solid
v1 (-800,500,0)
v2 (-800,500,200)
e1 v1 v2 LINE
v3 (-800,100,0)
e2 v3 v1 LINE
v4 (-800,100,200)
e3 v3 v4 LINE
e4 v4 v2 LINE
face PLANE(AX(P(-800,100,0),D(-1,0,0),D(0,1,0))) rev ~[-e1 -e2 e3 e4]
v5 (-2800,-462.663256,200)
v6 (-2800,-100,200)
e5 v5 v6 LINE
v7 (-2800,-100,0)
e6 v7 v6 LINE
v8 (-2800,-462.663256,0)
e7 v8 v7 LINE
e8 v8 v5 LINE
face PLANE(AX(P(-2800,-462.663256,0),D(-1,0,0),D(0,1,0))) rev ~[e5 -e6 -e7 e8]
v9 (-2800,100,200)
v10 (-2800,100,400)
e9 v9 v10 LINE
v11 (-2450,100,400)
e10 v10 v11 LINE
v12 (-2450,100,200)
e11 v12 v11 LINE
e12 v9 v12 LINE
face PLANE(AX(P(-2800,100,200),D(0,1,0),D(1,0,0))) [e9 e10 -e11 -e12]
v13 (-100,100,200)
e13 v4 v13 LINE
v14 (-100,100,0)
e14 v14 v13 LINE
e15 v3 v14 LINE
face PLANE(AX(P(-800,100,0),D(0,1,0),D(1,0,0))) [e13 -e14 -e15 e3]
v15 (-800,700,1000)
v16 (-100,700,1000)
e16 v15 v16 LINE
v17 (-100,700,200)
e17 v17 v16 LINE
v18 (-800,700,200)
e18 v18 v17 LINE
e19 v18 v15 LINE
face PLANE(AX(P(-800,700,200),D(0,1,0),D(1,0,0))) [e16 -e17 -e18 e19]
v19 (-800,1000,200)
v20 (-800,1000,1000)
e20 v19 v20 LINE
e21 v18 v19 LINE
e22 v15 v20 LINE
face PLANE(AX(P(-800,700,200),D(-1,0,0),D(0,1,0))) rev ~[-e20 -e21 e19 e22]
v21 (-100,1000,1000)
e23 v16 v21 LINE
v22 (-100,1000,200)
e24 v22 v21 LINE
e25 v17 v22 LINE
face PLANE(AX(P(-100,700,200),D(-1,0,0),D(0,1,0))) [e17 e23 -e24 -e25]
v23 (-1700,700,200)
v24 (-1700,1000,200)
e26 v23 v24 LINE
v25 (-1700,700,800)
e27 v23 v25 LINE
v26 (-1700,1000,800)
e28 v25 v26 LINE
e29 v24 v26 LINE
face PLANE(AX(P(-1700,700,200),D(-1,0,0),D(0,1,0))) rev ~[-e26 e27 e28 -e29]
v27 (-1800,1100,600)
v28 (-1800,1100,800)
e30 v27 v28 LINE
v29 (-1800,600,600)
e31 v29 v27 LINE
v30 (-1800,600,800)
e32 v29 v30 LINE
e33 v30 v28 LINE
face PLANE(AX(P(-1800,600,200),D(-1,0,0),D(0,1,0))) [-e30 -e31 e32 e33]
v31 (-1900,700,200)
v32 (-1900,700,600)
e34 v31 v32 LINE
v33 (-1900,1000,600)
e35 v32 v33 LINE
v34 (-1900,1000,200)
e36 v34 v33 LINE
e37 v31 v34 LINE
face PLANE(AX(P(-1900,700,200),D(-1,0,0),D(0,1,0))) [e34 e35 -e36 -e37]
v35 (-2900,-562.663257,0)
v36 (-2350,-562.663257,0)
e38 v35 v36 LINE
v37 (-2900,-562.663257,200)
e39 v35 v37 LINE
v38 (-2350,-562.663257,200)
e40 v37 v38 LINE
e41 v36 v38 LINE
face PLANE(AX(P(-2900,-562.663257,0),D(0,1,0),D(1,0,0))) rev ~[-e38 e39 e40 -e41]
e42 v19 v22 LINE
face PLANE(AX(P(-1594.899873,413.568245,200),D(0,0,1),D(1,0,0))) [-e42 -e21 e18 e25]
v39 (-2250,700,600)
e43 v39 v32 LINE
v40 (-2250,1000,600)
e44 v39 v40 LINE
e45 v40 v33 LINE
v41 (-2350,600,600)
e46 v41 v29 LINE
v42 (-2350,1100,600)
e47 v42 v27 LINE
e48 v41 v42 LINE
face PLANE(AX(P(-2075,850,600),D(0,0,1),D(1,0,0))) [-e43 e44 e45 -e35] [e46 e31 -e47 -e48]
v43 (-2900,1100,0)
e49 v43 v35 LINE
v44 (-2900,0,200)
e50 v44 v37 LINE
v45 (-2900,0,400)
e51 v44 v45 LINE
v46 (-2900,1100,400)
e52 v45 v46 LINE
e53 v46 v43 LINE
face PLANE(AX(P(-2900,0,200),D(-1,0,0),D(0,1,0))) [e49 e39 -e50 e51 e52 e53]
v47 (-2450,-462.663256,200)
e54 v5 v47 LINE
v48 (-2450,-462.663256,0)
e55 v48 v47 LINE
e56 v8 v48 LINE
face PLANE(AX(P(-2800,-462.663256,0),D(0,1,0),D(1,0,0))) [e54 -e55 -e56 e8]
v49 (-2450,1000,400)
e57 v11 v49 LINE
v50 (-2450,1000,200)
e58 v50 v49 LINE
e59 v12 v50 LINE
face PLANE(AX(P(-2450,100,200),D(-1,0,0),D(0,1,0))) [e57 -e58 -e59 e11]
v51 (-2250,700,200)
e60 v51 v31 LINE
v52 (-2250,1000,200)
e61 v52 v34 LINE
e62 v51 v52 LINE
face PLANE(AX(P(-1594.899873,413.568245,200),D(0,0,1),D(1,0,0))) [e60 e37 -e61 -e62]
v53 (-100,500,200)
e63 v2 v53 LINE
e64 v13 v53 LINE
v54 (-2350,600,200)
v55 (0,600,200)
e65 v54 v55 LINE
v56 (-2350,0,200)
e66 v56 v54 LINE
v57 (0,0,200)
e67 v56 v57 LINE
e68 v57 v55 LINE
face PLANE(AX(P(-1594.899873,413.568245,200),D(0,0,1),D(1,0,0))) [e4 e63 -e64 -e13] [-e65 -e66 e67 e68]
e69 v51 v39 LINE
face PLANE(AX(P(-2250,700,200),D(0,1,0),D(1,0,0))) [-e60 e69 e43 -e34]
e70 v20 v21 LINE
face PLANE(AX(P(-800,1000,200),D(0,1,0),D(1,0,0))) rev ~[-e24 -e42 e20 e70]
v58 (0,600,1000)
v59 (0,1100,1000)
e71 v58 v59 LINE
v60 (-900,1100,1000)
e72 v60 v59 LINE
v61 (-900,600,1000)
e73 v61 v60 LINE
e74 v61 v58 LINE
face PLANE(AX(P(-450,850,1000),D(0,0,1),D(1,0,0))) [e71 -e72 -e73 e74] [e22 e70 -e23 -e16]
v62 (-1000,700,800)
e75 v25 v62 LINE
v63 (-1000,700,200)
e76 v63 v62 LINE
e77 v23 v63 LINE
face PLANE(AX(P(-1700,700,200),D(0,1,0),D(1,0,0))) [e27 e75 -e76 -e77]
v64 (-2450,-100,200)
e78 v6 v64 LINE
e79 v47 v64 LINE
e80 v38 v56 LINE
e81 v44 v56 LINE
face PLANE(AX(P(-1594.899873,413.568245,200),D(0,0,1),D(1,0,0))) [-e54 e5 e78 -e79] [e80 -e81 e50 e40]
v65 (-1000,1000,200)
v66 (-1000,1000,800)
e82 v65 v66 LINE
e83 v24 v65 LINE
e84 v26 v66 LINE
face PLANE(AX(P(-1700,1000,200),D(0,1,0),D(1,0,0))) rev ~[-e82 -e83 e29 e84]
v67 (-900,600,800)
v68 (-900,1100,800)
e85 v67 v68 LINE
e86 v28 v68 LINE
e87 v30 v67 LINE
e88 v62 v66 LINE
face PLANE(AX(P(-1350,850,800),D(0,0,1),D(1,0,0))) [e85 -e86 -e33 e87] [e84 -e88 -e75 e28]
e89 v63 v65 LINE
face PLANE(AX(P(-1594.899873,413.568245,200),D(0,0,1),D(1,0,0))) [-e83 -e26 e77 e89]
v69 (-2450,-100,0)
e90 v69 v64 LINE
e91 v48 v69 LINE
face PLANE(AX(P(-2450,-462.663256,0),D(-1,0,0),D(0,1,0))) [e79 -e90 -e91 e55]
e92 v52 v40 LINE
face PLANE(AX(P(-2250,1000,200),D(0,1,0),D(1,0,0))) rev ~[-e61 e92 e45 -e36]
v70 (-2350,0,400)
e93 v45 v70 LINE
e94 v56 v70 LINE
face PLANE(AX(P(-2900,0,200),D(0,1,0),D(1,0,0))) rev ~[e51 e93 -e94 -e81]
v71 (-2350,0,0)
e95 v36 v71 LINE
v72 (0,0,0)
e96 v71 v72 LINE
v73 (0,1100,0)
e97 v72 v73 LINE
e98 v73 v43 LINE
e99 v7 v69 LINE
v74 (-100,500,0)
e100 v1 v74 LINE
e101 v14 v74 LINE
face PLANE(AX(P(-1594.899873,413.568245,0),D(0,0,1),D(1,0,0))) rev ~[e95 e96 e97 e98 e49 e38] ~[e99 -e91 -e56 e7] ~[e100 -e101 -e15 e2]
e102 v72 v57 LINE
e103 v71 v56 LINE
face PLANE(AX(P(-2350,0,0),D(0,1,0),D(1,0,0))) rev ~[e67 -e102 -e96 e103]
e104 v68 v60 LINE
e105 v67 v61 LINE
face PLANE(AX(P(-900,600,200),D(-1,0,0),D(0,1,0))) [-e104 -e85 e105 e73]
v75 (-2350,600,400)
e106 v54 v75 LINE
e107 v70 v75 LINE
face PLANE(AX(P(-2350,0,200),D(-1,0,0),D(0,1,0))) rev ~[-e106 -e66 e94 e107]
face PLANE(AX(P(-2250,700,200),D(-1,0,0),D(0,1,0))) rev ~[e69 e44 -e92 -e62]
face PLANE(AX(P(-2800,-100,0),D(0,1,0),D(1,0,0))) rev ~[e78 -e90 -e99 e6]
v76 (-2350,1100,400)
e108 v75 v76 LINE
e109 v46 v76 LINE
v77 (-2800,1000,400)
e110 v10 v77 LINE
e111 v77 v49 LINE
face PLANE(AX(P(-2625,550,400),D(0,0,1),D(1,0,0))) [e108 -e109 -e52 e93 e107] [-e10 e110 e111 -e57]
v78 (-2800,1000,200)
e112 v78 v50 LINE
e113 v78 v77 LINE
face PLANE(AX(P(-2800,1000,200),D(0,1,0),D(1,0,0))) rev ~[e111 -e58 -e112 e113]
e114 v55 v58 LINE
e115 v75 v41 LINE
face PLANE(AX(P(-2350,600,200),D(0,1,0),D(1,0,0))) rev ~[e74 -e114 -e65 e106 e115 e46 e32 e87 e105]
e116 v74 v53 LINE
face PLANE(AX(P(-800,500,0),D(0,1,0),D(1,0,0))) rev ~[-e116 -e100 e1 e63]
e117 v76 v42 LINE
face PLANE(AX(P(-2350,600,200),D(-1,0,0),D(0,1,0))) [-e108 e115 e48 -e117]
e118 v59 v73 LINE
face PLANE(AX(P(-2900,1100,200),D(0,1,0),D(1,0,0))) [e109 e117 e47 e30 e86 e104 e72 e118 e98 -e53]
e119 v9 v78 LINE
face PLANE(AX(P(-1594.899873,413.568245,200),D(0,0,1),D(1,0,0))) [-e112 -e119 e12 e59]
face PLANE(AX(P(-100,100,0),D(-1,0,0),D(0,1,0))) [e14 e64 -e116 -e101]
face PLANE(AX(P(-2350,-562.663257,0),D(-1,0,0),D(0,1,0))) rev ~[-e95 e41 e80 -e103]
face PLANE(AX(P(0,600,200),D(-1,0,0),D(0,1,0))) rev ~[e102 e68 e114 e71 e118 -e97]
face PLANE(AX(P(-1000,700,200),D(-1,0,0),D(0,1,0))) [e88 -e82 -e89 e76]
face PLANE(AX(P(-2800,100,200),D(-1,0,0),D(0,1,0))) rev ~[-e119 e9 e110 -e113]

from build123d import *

# Parameters (mm, degrees)
F0_W     = 350
F0_H     = 362.663257
F0_W_2   = 700
F0_H_2   = 400
F1_DEPTH = 200
F2_W     = 900
F2_H     = 500
F2_W_2   = 700
F2_H_2   = 300
F3_DEPTH = 800
F4_W     = 900
F4_H     = 500
F4_W_2   = 700
F4_H_2   = 300
F5_DEPTH = 600
F6_W     = 550
F6_H     = 500
F6_W_2   = 350
F6_H_2   = 300
F7_DEPTH = 400
F8_W     = 550
F8_H     = 1100
F8_W_2   = 350
F8_H_2   = 900
F9_DEPTH = 200


with BuildPart() as f1:
    # F0 (on Top) → F1 (new body)
    with BuildSketch(Plane.XY):
        Polygon((-2350, 0), (0, 0), (0, 1100), (-2900, 1100), (-2900, 0), (-2900, -562.663257), (-2350, -562.663257), align=None)
        with Locations((-2625, -281.331628)):
            Rectangle(F0_W, F0_H, mode=Mode.SUBTRACT)
        with Locations((-450, 300)):
            Rectangle(F0_W_2, F0_H_2, mode=Mode.SUBTRACT)
    extrude(amount=F1_DEPTH)

    # F2 (on face) → F3 (join)
    with BuildSketch(Plane.XY.offset(200)):
        with Locations((-450, 850)):
            Rectangle(F2_W, F2_H)
        with Locations((-450, 850)):
            Rectangle(F2_W_2, F2_H_2, mode=Mode.SUBTRACT)
    extrude(amount=F3_DEPTH)

    # F4 (on face) → F5 (join)
    with BuildSketch(Plane.XY.offset(200)):
        with Locations((-1350, 850)):
            Rectangle(F4_W, F4_H)
        with Locations((-1350, 850)):
            Rectangle(F4_W_2, F4_H_2, mode=Mode.SUBTRACT)
    extrude(amount=F5_DEPTH)

    # F6 (on face) → F7 (join)
    with BuildSketch(Plane.XY.offset(200)):
        with Locations((-2075, 850)):
            Rectangle(F6_W, F6_H)
        with Locations((-2075, 850)):
            Rectangle(F6_W_2, F6_H_2, mode=Mode.SUBTRACT)
    extrude(amount=F7_DEPTH)

    # F8 (on face) → F9 (join)
    with BuildSketch(Plane.XY.offset(200)):
        with Locations((-2625, 550)):
            Rectangle(F8_W, F8_H)
        with Locations((-2625, 550)):
            Rectangle(F8_W_2, F8_H_2, mode=Mode.SUBTRACT)
    extrude(amount=F9_DEPTH)


solid = f1.part
